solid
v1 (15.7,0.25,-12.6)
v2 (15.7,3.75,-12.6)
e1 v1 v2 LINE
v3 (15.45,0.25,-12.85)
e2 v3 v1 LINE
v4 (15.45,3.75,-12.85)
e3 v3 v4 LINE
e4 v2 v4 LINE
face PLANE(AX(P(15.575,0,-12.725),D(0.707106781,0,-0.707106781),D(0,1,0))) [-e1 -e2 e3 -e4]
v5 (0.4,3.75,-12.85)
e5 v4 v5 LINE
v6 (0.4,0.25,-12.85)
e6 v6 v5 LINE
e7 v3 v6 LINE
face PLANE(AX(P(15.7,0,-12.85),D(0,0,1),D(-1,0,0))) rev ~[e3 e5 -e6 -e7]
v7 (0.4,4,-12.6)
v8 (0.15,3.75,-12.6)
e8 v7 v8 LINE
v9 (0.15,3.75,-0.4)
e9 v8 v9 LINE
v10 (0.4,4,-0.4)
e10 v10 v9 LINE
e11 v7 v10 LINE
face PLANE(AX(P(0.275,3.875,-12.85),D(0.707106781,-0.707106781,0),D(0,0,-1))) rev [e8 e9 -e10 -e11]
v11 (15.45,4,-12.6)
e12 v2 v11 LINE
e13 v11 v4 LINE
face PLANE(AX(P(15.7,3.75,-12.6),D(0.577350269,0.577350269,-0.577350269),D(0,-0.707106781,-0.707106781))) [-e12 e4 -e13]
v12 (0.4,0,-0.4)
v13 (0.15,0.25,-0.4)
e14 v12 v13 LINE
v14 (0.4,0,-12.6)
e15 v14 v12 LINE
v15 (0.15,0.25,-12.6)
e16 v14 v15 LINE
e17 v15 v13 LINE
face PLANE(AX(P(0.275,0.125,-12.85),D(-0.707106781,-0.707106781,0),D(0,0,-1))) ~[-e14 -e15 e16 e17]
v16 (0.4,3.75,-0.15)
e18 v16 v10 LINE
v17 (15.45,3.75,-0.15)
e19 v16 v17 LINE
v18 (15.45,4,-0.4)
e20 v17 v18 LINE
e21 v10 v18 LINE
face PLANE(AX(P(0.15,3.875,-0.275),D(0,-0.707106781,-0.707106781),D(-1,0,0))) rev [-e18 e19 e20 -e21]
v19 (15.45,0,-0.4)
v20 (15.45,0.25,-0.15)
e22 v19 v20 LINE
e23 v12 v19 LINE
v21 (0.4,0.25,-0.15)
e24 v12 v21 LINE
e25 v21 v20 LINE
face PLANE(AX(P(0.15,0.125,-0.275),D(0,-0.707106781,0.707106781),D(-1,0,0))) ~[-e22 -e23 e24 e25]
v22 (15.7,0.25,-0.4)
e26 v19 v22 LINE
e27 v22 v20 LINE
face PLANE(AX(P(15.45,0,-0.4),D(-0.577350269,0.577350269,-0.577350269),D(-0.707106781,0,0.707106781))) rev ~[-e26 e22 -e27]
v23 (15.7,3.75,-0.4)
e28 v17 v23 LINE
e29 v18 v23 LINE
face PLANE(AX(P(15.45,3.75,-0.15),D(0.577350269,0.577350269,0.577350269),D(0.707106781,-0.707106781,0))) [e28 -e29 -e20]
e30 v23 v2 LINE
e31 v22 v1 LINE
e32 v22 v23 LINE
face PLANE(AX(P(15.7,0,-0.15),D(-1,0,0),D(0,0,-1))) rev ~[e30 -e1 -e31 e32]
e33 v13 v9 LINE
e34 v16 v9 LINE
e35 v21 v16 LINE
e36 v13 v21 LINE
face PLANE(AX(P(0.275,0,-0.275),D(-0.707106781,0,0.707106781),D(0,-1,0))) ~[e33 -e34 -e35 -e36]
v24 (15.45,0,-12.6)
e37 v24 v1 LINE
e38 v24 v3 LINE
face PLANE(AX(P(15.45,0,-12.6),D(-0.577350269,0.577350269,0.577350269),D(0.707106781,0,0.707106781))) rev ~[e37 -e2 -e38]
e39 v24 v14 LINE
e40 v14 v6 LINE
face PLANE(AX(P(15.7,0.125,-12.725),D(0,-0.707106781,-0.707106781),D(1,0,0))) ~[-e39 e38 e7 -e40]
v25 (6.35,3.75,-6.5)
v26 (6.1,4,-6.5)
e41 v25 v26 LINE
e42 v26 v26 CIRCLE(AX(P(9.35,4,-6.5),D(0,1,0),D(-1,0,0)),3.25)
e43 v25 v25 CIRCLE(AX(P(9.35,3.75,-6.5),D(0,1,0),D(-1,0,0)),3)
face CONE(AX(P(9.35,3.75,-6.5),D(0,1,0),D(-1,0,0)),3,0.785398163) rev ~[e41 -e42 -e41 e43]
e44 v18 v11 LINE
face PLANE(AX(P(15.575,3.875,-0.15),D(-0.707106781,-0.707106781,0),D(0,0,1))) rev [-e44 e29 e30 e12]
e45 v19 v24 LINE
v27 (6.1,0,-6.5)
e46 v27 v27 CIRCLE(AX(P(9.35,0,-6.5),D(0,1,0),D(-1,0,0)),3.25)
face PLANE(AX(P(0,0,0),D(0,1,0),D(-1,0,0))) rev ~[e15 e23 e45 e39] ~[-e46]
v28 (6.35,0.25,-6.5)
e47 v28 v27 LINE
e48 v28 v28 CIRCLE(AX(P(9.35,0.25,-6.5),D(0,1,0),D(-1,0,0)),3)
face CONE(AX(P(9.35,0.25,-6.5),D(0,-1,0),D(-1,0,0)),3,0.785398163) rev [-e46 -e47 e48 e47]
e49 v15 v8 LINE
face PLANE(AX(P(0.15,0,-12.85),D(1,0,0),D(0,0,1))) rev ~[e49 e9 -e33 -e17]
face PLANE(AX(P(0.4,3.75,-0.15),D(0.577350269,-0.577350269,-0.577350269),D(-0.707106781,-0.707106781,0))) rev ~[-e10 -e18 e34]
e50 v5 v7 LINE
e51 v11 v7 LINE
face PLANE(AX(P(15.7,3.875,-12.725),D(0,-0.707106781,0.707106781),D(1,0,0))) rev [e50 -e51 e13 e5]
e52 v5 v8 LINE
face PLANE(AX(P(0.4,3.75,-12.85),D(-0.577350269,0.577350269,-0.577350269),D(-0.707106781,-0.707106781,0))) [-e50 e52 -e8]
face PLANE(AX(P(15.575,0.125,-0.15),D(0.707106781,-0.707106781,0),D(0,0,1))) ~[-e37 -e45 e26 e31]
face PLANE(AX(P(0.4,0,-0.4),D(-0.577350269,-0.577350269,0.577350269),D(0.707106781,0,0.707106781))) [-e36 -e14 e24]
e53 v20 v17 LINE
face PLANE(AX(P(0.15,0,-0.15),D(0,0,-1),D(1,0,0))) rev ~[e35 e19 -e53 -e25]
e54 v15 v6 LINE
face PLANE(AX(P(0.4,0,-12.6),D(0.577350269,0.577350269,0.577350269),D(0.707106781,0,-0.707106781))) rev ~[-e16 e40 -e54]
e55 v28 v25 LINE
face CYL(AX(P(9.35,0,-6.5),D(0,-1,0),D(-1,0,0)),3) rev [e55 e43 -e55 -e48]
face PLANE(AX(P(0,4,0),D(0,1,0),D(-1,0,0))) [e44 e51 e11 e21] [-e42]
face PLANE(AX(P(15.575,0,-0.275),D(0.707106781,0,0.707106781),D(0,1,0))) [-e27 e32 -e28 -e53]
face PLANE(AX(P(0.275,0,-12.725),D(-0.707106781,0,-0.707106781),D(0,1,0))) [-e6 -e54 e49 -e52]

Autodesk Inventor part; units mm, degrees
ref_plane "YZ Plane" through (0, 0, 0) normal (1, 0, 0) x (0, 1, 0)
ref_plane "XZ Plane" through (0, 0, 0) normal (0, 1, 0) x (-1, 0, 0)
ref_plane "XY Plane" through (0, 0, 0) normal (0, 0, 1) x (1, 0, 0)
sketch "Sketch1" plane through (0, 0, 0) normal (0, 1, 0) x (-1, 0, 0)
  line L0 (0, 0) -> (-15.85, 0) construction
  line L1 (-15.85, 0) -> (-15.85, -13) construction
  line L2 (-15.85, -13) -> (0, -13) construction
  line L3 (0, -13) -> (0, 0) construction
  line L4 (0, 0) -> (-9.35, 0) construction
  line L5 (-9.35, 0) -> (-9.35, -6.5) construction
  line L6 (-9.35, -6.5) -> (0, -6.5) construction
  line L7 (0, -6.5) -> (0, 0) construction
  circle A0 centre (-9.35, -6.5) radius 3
  line L8 (0, 0) -> (-0.15, 0) construction
  line L9 (-0.15, 0) -> (-0.15, -0.15) construction
  line L10 (-0.15, -0.15) -> (0, -0.15) construction
  line L11 (0, -0.15) -> (0, 0) construction
  line L12 (-15.85, -13) -> (-15.7, -13) construction
  line L13 (-15.7, -13) -> (-15.7, -12.85) construction
  line L14 (-15.7, -12.85) -> (-15.85, -12.85) construction
  line L15 (-15.85, -12.85) -> (-15.85, -13) construction
  line L16 (-0.15, -0.15) -> (-15.7, -0.15)
  line L17 (-15.7, -0.15) -> (-15.7, -12.85)
  line L18 (-15.7, -12.85) -> (-0.15, -12.85)
  line L19 (-0.15, -12.85) -> (-0.15, -0.15)
  dimension "d0" = 15.85
  dimension "d1" = 13
  dimension "d2" = 9.35
  dimension "d3" = 6.5
  dimension "d4" = 6
extrude "Extrusion1" add sketch "Sketch1" along normal blind 4
chamfer "Chamfer1" distance 0.25 angle 45 14 edges at (0.15, 4, -6.5) (7.925, 4, -12.85) (15.7, 4, -6.5) (7.925, 4, -0.15) (0.15, 2, -0.15) (15.7, 2, -0.15) (15.7, 2, -12.85) (0.15, 2, -12.85) (0.15, 0, -6.5) (7.925, 0, -12.85) (12.35, 4, -6.5) (12.35, 0, -6.5) (15.7, 0, -6.5) (7.925, 0, -0.15)
properties part number "Calza para ventilador"
